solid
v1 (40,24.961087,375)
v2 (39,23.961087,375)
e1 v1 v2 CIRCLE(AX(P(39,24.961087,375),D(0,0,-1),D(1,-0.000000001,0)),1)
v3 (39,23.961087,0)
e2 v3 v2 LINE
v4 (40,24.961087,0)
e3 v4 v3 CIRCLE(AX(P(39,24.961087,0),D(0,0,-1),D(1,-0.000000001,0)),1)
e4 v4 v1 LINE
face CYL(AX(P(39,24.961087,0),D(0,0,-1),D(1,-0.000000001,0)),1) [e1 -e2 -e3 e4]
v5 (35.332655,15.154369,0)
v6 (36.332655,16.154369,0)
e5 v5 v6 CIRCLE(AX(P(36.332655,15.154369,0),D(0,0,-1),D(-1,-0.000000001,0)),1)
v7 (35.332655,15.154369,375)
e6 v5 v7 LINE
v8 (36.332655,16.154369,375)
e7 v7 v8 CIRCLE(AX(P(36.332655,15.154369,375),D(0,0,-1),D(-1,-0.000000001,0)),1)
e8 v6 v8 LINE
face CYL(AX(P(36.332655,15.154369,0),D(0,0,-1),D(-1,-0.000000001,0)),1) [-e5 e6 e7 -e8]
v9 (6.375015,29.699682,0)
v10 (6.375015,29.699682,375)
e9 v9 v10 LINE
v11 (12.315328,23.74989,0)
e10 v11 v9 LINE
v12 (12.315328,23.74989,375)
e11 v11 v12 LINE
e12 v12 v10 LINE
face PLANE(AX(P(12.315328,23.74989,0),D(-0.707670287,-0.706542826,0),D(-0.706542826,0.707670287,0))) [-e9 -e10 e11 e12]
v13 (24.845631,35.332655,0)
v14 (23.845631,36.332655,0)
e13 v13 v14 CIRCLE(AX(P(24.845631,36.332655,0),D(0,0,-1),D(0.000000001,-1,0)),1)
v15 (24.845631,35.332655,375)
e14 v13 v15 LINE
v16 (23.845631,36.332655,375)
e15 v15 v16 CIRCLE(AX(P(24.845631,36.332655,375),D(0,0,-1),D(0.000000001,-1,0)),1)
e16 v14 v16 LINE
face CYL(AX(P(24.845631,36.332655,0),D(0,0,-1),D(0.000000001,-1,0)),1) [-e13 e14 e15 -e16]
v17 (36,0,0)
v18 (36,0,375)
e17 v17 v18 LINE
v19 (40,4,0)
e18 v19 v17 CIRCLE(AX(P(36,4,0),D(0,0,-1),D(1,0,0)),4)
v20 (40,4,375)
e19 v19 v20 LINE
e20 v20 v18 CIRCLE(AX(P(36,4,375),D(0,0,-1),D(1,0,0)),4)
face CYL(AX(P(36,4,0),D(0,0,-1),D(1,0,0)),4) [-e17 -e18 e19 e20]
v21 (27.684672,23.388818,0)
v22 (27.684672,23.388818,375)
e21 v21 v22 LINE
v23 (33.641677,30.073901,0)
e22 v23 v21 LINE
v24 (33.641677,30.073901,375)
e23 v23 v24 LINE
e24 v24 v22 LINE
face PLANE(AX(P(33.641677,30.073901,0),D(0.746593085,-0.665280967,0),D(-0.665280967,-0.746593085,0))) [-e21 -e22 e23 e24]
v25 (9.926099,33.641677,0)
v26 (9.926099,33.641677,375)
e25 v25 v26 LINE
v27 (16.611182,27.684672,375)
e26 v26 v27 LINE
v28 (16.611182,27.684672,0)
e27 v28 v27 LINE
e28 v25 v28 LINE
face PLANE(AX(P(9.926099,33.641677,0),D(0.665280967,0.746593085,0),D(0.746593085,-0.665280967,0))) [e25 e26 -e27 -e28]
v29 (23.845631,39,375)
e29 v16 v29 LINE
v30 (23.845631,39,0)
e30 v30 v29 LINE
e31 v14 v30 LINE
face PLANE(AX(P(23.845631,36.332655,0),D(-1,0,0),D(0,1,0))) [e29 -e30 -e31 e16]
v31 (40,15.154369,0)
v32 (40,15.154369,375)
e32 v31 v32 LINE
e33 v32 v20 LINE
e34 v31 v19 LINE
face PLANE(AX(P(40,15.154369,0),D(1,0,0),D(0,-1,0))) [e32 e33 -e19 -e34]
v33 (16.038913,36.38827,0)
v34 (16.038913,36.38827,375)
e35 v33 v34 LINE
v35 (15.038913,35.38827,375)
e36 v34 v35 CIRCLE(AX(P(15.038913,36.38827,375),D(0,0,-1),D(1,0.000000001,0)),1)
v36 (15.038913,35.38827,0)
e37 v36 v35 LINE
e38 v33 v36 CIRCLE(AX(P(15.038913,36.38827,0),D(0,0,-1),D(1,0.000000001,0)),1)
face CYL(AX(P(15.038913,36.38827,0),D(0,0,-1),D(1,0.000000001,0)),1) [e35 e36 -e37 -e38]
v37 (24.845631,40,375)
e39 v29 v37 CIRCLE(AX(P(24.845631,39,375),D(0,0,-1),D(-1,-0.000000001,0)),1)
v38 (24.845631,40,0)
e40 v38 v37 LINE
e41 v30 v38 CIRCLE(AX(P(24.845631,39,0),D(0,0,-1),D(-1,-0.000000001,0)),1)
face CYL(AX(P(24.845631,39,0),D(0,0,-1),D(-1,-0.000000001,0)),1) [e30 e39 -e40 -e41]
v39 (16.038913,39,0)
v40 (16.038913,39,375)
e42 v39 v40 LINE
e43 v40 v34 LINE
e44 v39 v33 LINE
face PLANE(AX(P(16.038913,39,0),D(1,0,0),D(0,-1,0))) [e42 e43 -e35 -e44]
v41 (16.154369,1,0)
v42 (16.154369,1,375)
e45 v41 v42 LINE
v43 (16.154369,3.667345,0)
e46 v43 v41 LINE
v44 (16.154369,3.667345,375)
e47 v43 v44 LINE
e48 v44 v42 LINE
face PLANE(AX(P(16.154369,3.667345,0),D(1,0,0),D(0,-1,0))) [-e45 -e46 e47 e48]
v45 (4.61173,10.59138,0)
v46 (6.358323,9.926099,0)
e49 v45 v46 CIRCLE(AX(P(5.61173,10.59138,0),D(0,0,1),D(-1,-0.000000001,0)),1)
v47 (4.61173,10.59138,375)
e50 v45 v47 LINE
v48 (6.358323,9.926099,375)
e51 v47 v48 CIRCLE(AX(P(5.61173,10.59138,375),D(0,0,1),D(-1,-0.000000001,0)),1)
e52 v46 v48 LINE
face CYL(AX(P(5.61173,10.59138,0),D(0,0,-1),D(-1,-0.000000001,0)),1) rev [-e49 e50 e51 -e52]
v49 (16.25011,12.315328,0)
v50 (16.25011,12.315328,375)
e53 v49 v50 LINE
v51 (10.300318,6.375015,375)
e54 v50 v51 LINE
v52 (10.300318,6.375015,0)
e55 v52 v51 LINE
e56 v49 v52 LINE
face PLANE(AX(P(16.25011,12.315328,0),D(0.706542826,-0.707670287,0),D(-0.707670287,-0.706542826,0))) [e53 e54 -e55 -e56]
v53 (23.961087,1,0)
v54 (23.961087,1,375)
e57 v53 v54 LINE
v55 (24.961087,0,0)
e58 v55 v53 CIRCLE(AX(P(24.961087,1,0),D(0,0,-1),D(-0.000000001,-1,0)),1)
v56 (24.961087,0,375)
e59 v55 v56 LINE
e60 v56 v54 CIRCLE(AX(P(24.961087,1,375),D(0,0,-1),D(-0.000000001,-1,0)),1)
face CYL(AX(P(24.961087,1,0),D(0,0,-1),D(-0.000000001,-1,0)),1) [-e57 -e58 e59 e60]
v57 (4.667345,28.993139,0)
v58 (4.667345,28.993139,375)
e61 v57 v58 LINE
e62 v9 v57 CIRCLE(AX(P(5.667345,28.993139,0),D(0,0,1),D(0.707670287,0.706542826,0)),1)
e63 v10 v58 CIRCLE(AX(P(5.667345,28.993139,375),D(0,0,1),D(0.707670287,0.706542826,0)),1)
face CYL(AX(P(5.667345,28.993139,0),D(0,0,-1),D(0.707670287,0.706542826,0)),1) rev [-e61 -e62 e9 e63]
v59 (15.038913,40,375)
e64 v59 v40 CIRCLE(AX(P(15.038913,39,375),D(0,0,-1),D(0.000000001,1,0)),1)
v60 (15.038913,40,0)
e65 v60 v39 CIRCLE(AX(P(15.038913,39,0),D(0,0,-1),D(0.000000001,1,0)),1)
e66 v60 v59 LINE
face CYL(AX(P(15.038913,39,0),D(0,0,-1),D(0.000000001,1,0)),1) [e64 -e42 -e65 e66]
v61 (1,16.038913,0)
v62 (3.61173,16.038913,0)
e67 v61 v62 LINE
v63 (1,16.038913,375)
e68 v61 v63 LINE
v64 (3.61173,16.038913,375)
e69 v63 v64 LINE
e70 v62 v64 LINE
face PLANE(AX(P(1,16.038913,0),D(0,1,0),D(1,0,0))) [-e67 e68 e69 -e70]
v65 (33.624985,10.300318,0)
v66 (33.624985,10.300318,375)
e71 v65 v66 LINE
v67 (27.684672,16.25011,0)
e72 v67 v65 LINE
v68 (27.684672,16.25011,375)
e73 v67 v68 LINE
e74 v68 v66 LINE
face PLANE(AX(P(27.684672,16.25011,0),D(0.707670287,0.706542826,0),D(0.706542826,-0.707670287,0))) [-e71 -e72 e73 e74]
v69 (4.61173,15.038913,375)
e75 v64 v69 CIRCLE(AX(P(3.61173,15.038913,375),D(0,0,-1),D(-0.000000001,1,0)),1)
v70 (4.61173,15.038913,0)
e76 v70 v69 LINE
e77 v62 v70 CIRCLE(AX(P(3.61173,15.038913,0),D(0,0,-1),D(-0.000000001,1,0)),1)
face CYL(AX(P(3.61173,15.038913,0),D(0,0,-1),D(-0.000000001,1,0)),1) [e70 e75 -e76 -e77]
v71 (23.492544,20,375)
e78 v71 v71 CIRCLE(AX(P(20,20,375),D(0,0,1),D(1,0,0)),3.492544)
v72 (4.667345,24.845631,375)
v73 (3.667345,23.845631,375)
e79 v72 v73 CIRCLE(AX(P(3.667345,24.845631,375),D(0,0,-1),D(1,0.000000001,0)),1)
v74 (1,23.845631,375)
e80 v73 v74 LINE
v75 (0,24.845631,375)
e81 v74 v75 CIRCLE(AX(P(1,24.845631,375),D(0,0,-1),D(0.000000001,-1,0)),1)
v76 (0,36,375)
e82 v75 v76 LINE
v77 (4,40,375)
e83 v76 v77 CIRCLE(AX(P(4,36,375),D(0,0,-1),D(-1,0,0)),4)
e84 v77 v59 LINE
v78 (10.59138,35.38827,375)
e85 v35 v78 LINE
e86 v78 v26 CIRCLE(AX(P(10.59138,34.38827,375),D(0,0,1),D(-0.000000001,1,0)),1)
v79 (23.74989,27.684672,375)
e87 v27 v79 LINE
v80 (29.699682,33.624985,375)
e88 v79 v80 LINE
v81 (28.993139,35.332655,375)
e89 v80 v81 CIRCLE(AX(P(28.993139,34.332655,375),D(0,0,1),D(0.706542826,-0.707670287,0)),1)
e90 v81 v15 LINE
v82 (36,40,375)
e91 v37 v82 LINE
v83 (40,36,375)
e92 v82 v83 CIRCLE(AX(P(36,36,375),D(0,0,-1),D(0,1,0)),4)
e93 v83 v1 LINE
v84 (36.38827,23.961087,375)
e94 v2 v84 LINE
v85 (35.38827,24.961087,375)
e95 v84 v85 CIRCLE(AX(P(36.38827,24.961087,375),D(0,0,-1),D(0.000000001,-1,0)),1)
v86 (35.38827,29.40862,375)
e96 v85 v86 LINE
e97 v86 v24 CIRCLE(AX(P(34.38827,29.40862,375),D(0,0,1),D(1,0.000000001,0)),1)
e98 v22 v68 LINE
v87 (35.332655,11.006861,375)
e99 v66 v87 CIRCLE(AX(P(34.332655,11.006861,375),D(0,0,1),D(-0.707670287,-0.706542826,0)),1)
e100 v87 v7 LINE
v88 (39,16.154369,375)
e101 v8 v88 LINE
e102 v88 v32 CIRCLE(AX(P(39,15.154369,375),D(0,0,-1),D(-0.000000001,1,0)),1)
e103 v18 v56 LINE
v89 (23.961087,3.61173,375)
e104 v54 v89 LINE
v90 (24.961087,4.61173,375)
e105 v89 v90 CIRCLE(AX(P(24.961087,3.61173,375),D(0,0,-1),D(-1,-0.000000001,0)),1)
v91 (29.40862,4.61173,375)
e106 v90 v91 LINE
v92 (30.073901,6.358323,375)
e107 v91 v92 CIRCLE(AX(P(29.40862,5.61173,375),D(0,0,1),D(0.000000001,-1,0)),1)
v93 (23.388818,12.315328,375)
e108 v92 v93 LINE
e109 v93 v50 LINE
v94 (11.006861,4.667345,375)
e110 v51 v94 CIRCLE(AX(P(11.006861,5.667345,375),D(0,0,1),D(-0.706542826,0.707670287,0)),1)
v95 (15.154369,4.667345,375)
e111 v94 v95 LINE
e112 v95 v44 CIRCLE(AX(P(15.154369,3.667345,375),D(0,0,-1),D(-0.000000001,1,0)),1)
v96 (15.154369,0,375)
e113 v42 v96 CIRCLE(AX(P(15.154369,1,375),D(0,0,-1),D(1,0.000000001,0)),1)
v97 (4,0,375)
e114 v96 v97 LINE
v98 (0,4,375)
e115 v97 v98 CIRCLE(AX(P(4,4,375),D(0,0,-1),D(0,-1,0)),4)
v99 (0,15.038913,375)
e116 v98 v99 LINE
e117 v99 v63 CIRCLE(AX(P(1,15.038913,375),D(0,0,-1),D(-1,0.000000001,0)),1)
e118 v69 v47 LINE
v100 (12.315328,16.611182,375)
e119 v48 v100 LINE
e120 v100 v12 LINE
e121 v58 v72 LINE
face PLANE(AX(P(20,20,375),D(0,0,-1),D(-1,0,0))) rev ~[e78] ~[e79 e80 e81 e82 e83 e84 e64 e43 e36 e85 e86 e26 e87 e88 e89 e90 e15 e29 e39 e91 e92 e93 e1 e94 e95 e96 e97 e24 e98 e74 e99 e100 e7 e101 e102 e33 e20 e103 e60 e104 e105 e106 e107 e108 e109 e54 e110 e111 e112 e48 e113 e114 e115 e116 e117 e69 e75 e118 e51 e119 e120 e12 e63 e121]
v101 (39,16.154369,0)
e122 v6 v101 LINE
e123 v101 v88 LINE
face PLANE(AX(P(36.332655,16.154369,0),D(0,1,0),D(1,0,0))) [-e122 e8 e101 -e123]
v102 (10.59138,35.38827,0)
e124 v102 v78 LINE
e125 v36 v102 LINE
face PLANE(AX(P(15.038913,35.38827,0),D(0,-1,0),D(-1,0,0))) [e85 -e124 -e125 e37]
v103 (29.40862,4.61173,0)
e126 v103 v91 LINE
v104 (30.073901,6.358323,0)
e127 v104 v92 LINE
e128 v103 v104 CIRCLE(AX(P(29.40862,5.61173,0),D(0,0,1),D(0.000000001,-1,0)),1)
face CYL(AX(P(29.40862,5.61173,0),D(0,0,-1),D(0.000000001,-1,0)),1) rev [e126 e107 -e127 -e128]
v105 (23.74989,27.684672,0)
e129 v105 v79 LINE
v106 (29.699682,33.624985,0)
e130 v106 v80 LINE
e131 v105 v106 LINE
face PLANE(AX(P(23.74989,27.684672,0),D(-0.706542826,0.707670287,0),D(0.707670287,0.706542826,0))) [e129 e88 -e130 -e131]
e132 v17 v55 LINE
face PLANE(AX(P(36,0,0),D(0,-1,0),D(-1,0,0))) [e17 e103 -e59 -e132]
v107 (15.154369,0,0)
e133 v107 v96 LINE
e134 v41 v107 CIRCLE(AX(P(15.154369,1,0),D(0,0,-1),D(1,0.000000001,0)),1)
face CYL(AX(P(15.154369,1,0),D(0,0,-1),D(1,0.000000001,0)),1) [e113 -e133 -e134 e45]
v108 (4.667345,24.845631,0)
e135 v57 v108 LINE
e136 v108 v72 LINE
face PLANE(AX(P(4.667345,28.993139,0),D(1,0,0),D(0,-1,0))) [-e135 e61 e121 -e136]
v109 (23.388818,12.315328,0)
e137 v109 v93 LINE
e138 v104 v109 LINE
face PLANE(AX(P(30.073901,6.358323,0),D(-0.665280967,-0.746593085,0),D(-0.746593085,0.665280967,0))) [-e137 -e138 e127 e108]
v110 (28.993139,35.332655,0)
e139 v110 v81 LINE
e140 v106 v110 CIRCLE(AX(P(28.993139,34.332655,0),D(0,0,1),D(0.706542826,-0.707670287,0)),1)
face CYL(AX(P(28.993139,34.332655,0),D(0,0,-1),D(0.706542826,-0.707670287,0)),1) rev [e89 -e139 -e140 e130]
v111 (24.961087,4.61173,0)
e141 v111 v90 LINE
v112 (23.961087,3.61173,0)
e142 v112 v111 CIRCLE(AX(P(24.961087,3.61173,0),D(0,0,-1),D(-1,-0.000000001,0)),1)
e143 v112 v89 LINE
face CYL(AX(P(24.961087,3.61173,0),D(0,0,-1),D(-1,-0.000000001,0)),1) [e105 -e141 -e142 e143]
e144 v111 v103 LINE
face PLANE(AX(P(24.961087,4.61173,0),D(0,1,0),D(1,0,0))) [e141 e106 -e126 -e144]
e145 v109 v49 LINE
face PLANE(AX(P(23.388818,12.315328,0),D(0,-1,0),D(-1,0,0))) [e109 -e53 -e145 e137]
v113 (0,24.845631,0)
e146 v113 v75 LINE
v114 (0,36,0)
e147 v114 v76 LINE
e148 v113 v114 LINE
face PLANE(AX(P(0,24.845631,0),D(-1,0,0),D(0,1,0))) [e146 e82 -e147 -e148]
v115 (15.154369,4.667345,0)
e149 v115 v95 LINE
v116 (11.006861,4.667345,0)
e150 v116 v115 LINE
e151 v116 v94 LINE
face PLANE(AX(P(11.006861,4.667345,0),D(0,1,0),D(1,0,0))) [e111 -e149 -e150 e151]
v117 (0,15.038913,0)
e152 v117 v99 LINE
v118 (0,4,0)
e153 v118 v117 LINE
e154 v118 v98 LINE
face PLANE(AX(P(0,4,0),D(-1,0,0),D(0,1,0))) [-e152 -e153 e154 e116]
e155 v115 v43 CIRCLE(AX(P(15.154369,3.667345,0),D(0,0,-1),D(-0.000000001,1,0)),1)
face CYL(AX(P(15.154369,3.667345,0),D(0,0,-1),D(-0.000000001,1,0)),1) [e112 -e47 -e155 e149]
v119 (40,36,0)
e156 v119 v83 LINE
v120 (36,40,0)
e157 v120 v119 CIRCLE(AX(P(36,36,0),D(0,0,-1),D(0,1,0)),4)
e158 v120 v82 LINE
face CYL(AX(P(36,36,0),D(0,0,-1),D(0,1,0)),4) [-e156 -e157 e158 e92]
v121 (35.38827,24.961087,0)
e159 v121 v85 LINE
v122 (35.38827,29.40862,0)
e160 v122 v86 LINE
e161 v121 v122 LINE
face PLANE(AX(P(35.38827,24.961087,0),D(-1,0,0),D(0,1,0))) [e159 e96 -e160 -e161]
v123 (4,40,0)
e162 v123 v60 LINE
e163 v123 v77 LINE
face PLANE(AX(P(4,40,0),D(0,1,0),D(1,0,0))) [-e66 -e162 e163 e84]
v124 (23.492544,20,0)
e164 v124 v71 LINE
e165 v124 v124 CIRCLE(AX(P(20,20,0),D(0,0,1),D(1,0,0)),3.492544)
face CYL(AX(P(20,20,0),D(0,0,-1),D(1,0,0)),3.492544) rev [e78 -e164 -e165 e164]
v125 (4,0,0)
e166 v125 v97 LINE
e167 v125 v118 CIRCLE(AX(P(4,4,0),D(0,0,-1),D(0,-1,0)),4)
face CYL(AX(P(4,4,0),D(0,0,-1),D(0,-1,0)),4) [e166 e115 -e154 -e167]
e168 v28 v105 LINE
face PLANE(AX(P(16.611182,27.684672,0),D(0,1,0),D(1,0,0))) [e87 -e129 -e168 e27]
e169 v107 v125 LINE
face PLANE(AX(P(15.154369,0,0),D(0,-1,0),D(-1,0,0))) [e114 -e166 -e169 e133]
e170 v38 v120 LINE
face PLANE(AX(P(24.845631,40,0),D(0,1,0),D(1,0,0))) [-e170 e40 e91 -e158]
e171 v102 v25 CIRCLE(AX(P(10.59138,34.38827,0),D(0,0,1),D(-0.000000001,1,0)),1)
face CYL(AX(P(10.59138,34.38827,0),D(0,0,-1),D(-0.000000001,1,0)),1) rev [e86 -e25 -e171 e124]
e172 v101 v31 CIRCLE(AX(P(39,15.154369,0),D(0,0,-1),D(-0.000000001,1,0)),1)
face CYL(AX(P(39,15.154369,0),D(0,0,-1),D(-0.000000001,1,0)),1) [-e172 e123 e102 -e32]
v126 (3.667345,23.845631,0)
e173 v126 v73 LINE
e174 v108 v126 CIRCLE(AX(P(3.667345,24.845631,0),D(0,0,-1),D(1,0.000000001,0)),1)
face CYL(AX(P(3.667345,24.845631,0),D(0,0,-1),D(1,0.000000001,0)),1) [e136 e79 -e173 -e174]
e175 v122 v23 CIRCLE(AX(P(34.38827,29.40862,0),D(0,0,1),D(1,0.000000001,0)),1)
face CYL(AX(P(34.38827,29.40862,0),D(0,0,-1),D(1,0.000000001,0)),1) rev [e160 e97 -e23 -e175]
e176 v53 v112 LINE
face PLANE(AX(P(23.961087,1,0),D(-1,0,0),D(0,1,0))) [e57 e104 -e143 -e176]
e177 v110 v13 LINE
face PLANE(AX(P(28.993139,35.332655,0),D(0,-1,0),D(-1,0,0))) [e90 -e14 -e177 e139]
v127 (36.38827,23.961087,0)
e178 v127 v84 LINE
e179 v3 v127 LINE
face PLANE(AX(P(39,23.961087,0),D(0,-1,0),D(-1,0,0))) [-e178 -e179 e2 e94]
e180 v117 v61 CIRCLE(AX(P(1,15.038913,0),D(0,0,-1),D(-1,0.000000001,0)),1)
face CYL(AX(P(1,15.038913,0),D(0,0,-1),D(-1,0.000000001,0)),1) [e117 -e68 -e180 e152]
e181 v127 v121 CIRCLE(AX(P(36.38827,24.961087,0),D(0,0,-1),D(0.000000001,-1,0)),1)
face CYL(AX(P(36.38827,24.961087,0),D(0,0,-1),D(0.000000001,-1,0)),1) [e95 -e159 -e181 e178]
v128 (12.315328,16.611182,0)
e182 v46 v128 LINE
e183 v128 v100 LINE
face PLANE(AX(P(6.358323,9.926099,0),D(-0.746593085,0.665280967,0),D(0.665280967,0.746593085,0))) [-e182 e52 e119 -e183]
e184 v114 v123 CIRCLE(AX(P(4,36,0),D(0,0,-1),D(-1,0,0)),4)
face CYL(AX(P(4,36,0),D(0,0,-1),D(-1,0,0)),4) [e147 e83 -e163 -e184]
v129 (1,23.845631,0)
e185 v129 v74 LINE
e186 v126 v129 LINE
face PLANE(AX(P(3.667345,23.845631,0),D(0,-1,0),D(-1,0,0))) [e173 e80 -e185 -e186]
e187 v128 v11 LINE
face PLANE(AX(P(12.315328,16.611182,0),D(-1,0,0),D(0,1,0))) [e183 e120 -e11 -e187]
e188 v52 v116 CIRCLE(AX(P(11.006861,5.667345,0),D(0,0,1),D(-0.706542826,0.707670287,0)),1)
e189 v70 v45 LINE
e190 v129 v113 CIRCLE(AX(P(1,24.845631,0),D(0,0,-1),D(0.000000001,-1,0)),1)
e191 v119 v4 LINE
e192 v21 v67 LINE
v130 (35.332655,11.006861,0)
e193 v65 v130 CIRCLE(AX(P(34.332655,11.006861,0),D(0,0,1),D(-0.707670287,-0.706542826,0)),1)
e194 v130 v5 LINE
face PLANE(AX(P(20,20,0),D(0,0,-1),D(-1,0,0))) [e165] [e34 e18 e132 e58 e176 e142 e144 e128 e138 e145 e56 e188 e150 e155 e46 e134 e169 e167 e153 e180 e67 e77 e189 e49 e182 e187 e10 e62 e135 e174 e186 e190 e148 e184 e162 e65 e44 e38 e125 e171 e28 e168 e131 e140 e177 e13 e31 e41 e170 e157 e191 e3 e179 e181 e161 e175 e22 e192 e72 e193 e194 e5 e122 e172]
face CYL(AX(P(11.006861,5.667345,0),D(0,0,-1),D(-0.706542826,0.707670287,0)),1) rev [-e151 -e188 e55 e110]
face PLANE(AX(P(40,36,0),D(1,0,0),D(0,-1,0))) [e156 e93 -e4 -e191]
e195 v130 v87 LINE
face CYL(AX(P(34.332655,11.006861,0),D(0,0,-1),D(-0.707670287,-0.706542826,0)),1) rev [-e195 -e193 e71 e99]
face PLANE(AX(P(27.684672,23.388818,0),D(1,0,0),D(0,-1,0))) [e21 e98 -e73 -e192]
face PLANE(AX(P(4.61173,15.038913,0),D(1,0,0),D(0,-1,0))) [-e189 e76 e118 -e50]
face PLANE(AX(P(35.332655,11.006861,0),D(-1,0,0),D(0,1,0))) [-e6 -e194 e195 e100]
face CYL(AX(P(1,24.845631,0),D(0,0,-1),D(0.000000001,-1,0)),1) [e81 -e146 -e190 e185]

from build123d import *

# Parameters (mm, degrees)
SKETCH2_R           = 3.492543695
BOSS_EXTRUDE1_DEPTH = 375


with BuildPart() as part:
    # Sketch2 → Boss-Extrude1 (new body)
    with BuildSketch(Plane.XY):
        with BuildLine():
            Line((19.48831917, 27.684671829), (23.749889801, 27.684671829))
            Line((23.749889801, 27.684671829), (29.699681879, 33.624984685))
            ThreePointArc((29.699681879, 33.624984685), (29.917171057, 34.714970099), (28.993139054, 35.332654972))
            Line((28.993139054, 35.332654972), (24.845630957, 35.332654972))
            ThreePointArc((24.845630957, 35.332654972), (24.138524175, 35.625548191), (23.845630957, 36.332654972))
            Line((23.845630957, 36.332654972), (23.845630957, 39))
            ThreePointArc((23.845630957, 39), (24.138524175, 39.707106781), (24.845630957, 40))
            Line((24.845630957, 40), (36, 40))
            ThreePointArc((36, 40), (38.828427125, 38.828427125), (40, 36))
            Line((40, 36), (40, 24.961087436))
            ThreePointArc((40, 24.961087436), (39.707106781, 24.253980655), (39, 23.961087436))
            Line((39, 23.961087436), (36.388269628, 23.961087436))
            ThreePointArc((36.388269628, 23.961087436), (35.681162846, 24.253980655), (35.388269628, 24.961087436))
            Line((35.388269628, 24.961087436), (35.388269628, 29.408620307))
            ThreePointArc((35.388269628, 29.408620307), (34.744223919, 30.343123673), (33.641676542, 30.073901274))
            Line((33.641676542, 30.073901274), (27.684671829, 23.388818206))
            Line((27.684671829, 23.388818206), (27.684671829, 20.51168083))
            Line((27.684671829, 20.51168083), (27.684671829, 16.250110199))
            Line((27.684671829, 16.250110199), (33.624984685, 10.300318121))
            ThreePointArc((33.624984685, 10.300318121), (34.714970099, 10.082828943), (35.332654972, 11.006860946))
            Line((35.332654972, 11.006860946), (35.332654972, 15.154369043))
            ThreePointArc((35.332654972, 15.154369043), (35.625548191, 15.861475825), (36.332654972, 16.154369043))
            Line((36.332654972, 16.154369043), (39, 16.154369043))
            ThreePointArc((39, 16.154369043), (39.707106781, 15.861475825), (40, 15.154369043))
            Line((40, 15.154369043), (40, 4))
            ThreePointArc((40, 4), (38.828427125, 1.171572875), (36, 0))
            Line((36, 0), (24.961087436, 0))
            ThreePointArc((24.961087436, 0), (24.253980655, 0.292893219), (23.961087436, 1))
            Line((23.961087436, 1), (23.961087436, 3.611730372))
            ThreePointArc((23.961087436, 3.611730372), (24.253980655, 4.318837154), (24.961087436, 4.611730372))
            Line((24.961087436, 4.611730372), (29.408620307, 4.611730372))
            ThreePointArc((29.408620307, 4.611730372), (30.343123673, 5.255776081), (30.073901274, 6.358323458))
            Line((30.073901274, 6.358323458), (23.388818206, 12.315328171))
            Line((23.388818206, 12.315328171), (20.51168083, 12.315328171))
            Line((20.51168083, 12.315328171), (16.250110199, 12.315328171))
            Line((16.250110199, 12.315328171), (10.300318121, 6.375015315))
            ThreePointArc((10.300318121, 6.375015315), (10.082828943, 5.285029901), (11.006860946, 4.667345028))
            Line((11.006860946, 4.667345028), (15.154369043, 4.667345028))
            ThreePointArc((15.154369043, 4.667345028), (15.861475825, 4.374451809), (16.154369043, 3.667345028))
            Line((16.154369043, 3.667345028), (16.154369043, 1))
            ThreePointArc((16.154369043, 1), (15.861475825, 0.292893219), (15.154369043, 0))
            Line((15.154369043, 0), (4, 0))
            ThreePointArc((4, 0), (1.171572875, 1.171572875), (0, 4))
            Line((0, 4), (0, 15.038912564))
            ThreePointArc((0, 15.038912564), (0.292893219, 15.746019345), (1, 16.038912564))
            Line((1, 16.038912564), (3.611730372, 16.038912564))
            ThreePointArc((3.611730372, 16.038912564), (4.318837154, 15.746019345), (4.611730372, 15.038912564))
            Line((4.611730372, 15.038912564), (4.611730372, 10.591379693))
            ThreePointArc((4.611730372, 10.591379693), (5.255776081, 9.656876327), (6.358323458, 9.926098726))
            Line((6.358323458, 9.926098726), (12.315328171, 16.611181794))
            Line((12.315328171, 16.611181794), (12.315328171, 19.48831917))
            Line((12.315328171, 19.48831917), (12.315328171, 23.749889801))
            Line((12.315328171, 23.749889801), (6.375015315, 29.699681879))
            ThreePointArc((6.375015315, 29.699681879), (5.285029901, 29.917171057), (4.667345028, 28.993139054))
            Line((4.667345028, 28.993139054), (4.667345028, 24.845630957))
            ThreePointArc((4.667345028, 24.845630957), (4.374451809, 24.138524175), (3.667345028, 23.845630957))
            Line((3.667345028, 23.845630957), (1, 23.845630957))
            ThreePointArc((1, 23.845630957), (0.292893219, 24.138524175), (0, 24.845630957))
            Line((0, 24.845630957), (0, 36))
            ThreePointArc((0, 36), (1.171572875, 38.828427125), (4, 40))
            Line((4, 40), (15.038912564, 40))
            ThreePointArc((15.038912564, 40), (15.746019345, 39.707106781), (16.038912564, 39))
            Line((16.038912564, 39), (16.038912564, 36.388269628))
            ThreePointArc((16.038912564, 36.388269628), (15.746019345, 35.681162846), (15.038912564, 35.388269628))
            Line((15.038912564, 35.388269628), (10.591379693, 35.388269628))
            ThreePointArc((10.591379693, 35.388269628), (9.656876327, 34.744223919), (9.926098726, 33.641676542))
            Line((9.926098726, 33.641676542), (16.611181794, 27.684671829))
            Line((16.611181794, 27.684671829), (19.48831917, 27.684671829))
        make_face()
        with Locations((20, 20)):
            Circle(SKETCH2_R, mode=Mode.SUBTRACT)
    extrude(amount=BOSS_EXTRUDE1_DEPTH)


solid = part.part
